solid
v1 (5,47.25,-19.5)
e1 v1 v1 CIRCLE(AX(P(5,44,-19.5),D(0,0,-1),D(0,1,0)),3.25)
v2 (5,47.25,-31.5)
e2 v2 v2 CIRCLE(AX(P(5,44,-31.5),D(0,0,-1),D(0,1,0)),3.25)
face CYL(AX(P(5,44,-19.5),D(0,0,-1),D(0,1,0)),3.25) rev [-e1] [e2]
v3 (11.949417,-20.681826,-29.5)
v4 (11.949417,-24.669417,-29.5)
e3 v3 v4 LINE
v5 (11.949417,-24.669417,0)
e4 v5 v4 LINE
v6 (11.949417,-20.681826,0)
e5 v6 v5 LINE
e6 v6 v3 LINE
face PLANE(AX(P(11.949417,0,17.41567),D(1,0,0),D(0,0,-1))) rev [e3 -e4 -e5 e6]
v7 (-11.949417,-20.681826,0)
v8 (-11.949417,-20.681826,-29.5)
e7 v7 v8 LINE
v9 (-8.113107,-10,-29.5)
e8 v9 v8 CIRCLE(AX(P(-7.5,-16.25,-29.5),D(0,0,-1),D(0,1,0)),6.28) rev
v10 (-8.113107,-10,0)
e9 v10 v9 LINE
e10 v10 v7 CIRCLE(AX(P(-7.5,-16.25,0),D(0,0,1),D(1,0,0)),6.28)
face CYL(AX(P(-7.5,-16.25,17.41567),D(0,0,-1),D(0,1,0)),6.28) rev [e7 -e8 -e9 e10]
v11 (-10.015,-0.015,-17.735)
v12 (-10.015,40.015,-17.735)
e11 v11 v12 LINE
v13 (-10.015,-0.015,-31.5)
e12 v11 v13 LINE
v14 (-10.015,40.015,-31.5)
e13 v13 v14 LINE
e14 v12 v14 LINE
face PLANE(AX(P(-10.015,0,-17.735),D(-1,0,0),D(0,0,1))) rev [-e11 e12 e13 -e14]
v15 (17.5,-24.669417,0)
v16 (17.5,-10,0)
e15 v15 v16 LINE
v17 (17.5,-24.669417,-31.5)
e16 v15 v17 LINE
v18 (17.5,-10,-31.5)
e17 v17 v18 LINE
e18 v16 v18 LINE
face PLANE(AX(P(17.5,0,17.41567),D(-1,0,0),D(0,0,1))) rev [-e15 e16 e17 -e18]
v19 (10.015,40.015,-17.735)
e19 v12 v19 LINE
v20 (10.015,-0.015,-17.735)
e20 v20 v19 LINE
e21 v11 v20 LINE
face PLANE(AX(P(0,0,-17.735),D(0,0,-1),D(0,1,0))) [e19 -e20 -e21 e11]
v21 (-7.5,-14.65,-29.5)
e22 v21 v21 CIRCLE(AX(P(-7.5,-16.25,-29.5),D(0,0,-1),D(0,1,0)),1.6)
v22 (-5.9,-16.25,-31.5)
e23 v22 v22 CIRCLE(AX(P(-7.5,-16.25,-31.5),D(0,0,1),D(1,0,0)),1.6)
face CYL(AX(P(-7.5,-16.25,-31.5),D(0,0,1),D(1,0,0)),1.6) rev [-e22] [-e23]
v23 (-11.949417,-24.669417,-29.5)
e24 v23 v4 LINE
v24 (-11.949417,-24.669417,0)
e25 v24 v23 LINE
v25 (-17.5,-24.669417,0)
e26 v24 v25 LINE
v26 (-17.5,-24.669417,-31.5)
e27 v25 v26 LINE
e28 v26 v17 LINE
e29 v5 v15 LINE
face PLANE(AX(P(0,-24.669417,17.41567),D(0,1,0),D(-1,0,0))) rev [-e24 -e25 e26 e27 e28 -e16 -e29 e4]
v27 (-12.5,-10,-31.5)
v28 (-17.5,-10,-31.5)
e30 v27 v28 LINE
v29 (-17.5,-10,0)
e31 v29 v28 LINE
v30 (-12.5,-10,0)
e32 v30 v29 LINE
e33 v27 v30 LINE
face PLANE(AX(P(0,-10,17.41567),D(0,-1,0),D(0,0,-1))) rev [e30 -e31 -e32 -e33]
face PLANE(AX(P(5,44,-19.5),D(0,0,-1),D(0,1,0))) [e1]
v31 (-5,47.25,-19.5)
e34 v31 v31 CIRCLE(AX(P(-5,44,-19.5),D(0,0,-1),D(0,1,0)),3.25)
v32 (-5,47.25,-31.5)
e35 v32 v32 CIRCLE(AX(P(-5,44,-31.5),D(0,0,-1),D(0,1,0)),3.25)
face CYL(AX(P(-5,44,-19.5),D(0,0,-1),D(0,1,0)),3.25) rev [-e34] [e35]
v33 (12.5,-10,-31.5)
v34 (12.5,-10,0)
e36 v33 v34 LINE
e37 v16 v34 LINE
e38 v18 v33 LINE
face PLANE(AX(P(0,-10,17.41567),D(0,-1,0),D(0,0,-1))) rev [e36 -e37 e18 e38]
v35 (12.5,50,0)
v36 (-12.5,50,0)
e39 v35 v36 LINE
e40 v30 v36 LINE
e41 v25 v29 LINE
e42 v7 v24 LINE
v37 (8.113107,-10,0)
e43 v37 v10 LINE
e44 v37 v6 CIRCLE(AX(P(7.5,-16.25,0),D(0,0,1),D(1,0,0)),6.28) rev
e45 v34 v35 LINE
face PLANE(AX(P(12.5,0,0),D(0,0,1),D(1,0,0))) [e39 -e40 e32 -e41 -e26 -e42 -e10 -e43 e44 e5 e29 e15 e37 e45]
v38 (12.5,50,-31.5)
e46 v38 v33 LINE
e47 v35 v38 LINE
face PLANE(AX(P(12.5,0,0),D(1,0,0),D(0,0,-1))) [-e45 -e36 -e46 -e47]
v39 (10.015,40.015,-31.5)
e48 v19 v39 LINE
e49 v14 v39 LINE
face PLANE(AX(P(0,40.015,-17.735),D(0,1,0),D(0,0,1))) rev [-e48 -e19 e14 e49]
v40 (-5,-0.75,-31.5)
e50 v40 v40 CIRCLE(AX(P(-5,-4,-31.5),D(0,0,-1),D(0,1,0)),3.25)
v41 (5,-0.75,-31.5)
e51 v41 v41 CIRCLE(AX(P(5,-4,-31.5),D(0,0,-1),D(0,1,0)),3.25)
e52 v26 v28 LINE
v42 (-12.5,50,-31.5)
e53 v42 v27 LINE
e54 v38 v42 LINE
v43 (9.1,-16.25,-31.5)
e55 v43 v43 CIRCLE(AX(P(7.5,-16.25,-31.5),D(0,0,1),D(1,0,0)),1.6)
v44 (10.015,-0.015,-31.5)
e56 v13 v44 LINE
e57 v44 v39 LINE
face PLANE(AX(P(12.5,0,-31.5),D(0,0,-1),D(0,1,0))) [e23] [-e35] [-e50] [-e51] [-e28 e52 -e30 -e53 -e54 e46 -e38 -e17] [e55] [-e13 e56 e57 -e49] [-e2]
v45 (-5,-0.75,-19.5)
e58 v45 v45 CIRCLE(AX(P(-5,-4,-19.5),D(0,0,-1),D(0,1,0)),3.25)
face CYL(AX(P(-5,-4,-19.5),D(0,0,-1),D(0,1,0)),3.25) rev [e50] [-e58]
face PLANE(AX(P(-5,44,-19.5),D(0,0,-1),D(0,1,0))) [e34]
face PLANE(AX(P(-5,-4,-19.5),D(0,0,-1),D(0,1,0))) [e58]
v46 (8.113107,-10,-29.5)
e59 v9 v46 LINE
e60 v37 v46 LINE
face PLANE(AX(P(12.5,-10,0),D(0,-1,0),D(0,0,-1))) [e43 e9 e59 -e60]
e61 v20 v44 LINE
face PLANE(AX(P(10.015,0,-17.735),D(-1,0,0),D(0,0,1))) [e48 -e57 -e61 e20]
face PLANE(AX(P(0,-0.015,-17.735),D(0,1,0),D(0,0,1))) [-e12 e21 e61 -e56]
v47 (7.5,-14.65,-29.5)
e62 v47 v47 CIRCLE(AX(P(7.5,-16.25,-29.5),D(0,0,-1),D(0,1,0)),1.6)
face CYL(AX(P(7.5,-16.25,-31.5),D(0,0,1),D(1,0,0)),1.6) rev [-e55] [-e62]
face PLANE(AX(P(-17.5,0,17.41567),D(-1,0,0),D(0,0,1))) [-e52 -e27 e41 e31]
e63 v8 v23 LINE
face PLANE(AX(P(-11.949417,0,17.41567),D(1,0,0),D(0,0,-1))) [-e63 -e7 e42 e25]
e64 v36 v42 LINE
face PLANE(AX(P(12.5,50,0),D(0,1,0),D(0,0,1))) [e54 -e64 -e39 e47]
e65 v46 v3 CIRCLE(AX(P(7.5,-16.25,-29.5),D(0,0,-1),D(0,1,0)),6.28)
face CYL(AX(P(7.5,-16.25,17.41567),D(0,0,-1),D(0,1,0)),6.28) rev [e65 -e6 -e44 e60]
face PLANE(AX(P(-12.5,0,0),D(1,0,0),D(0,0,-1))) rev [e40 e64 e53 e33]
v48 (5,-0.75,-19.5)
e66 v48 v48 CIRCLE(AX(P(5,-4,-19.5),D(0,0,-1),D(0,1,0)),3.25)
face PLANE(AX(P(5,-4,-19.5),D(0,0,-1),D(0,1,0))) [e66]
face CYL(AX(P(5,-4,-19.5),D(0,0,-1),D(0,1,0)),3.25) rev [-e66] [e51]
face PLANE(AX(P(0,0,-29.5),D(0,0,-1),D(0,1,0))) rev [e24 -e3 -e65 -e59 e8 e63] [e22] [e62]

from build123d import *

# Parameters (mm, degrees)
SKETCH1_W               = 31.5
SKETCH1_H               = 60
BOSS_EXTRUDE1_DEPTH     = 12.5
SKETCH2_W               = 5.015
SKETCH2_H               = 40.03
SKETCH2_W_2             = 10
CUT_EXTRUDE1_DEPTH      = 13.765
SKETCH6_R               = 3.25
CUT_EXTRUDE2_DEPTH      = 12
BOSS_EXTRUDE5_DEPTH     = 31.5
BOSS_EXTRUDE6_DEPTH     = 2
CUT_EXTRUDE3_DEPTH      = 61.634148794
CUT_EXTRUDE3_DEPTH_BACK = 61.634148794
SKETCH10_R              = 1.6


with BuildPart() as part:
    # Sketch1 → Boss-Extrude1 (new, symmetric)
    with BuildSketch(Plane(origin=(0, 0, 0), x_dir=(0, 0, -1), z_dir=(1, 0, 0))):
        with Locations((15.75, 20)):
            Rectangle(SKETCH1_W, SKETCH1_H)
    extrude(amount=BOSS_EXTRUDE1_DEPTH, both=True)

    # Sketch2 → Cut-Extrude1 (cut, symmetric)
    with BuildSketch(Plane(origin=(0, 0, -31.5), x_dir=(-1, 0, 0), z_dir=(0, 0, -1))):
        with Locations((7.5075, 20)):
            Rectangle(SKETCH2_W, SKETCH2_H)
        with Locations((0, 20)):
            Rectangle(SKETCH2_W_2, SKETCH2_H)
        with Locations((-7.5075, 20)):
            Rectangle(SKETCH2_W, SKETCH2_H)
    extrude(amount=CUT_EXTRUDE1_DEPTH, both=True, mode=Mode.SUBTRACT)

    # Sketch6 → Cut-Extrude2 (cut)
    with BuildSketch(Plane(origin=(0, 0, -31.5), x_dir=(-1, 0, 0), z_dir=(0, 0, -1))):
        with Locations(Location((-5, 44, 0), (0, 0, 90))):
            Circle(SKETCH6_R)
        with Locations(Location((5, 44, 0), (0, 0, 90))):
            Circle(SKETCH6_R)
        with Locations(Location((5, -4, 0), (0, 0, 90))):
            Circle(SKETCH6_R)
        with Locations(Location((-5, -4, 0), (0, 0, 90))):
            Circle(SKETCH6_R)
    extrude(amount=-CUT_EXTRUDE2_DEPTH, mode=Mode.SUBTRACT)

    # Sketch9 → Boss-Extrude5 (add)
    with BuildSketch(Plane(origin=(0, 0, -31.5), x_dir=(-1, 0, 0), z_dir=(0, 0, -1))):
        with BuildLine():
            Line((11.949417382, -20.681826368), (11.949417382, -24.669417382))
            Line((11.949417382, -24.669417382), (17.5, -24.669417382))
            Line((17.5, -24.669417382), (17.5, -10))
            Line((17.5, -10), (8.113106842, -10))
            ThreePointArc((8.113106842, -10), (13.410384211, -14.127322804), (11.949417382, -20.681826368))
        make_face()
        with BuildLine():
            Line((-17.5, -24.669417382), (-11.949417382, -24.669417382))
            Line((-11.949417382, -24.669417382), (-11.949417382, -20.681826368))
            ThreePointArc((-11.949417382, -20.681826368), (-13.410384211, -14.127322804), (-8.113106842, -10))
            Line((-8.113106842, -10), (-17.5, -10))
            Line((-17.5, -10), (-17.5, -24.669417382))
        make_face()
    extrude(amount=-BOSS_EXTRUDE5_DEPTH)

    # Sketch9<4> → Boss-Extrude6 (add)
    with BuildSketch(Plane(origin=(0, 0, -31.5), x_dir=(-1, 0, 0), z_dir=(0, 0, -1))):
        with BuildLine():
            Line((8.113106842, -10), (-8.113106842, -10))
            ThreePointArc((-8.113106842, -10), (-13.410384211, -14.127322804), (-11.949417382, -20.681826368))
            Line((-11.949417382, -20.681826368), (-11.949417382, -24.669417382))
            Line((-11.949417382, -24.669417382), (11.949417382, -24.669417382))
            Line((11.949417382, -24.669417382), (11.949417382, -20.681826368))
            ThreePointArc((11.949417382, -20.681826368), (13.410384211, -14.127322804), (8.113106842, -10))
        make_face()
    extrude(amount=-BOSS_EXTRUDE6_DEPTH)

    # Sketch10 → Cut-Extrude3 (cut, two sides: drawn at the far end of the back side and taken through both)
    with BuildSketch(Plane.XY.offset(-29.5).offset(-CUT_EXTRUDE3_DEPTH_BACK)):
        with Locations((-7.5, -16.25)):
            Circle(SKETCH10_R)
        with Locations((7.5, -16.25)):
            Circle(SKETCH10_R)
    extrude(amount=CUT_EXTRUDE3_DEPTH + CUT_EXTRUDE3_DEPTH_BACK, mode=Mode.SUBTRACT)


solid = part.part
